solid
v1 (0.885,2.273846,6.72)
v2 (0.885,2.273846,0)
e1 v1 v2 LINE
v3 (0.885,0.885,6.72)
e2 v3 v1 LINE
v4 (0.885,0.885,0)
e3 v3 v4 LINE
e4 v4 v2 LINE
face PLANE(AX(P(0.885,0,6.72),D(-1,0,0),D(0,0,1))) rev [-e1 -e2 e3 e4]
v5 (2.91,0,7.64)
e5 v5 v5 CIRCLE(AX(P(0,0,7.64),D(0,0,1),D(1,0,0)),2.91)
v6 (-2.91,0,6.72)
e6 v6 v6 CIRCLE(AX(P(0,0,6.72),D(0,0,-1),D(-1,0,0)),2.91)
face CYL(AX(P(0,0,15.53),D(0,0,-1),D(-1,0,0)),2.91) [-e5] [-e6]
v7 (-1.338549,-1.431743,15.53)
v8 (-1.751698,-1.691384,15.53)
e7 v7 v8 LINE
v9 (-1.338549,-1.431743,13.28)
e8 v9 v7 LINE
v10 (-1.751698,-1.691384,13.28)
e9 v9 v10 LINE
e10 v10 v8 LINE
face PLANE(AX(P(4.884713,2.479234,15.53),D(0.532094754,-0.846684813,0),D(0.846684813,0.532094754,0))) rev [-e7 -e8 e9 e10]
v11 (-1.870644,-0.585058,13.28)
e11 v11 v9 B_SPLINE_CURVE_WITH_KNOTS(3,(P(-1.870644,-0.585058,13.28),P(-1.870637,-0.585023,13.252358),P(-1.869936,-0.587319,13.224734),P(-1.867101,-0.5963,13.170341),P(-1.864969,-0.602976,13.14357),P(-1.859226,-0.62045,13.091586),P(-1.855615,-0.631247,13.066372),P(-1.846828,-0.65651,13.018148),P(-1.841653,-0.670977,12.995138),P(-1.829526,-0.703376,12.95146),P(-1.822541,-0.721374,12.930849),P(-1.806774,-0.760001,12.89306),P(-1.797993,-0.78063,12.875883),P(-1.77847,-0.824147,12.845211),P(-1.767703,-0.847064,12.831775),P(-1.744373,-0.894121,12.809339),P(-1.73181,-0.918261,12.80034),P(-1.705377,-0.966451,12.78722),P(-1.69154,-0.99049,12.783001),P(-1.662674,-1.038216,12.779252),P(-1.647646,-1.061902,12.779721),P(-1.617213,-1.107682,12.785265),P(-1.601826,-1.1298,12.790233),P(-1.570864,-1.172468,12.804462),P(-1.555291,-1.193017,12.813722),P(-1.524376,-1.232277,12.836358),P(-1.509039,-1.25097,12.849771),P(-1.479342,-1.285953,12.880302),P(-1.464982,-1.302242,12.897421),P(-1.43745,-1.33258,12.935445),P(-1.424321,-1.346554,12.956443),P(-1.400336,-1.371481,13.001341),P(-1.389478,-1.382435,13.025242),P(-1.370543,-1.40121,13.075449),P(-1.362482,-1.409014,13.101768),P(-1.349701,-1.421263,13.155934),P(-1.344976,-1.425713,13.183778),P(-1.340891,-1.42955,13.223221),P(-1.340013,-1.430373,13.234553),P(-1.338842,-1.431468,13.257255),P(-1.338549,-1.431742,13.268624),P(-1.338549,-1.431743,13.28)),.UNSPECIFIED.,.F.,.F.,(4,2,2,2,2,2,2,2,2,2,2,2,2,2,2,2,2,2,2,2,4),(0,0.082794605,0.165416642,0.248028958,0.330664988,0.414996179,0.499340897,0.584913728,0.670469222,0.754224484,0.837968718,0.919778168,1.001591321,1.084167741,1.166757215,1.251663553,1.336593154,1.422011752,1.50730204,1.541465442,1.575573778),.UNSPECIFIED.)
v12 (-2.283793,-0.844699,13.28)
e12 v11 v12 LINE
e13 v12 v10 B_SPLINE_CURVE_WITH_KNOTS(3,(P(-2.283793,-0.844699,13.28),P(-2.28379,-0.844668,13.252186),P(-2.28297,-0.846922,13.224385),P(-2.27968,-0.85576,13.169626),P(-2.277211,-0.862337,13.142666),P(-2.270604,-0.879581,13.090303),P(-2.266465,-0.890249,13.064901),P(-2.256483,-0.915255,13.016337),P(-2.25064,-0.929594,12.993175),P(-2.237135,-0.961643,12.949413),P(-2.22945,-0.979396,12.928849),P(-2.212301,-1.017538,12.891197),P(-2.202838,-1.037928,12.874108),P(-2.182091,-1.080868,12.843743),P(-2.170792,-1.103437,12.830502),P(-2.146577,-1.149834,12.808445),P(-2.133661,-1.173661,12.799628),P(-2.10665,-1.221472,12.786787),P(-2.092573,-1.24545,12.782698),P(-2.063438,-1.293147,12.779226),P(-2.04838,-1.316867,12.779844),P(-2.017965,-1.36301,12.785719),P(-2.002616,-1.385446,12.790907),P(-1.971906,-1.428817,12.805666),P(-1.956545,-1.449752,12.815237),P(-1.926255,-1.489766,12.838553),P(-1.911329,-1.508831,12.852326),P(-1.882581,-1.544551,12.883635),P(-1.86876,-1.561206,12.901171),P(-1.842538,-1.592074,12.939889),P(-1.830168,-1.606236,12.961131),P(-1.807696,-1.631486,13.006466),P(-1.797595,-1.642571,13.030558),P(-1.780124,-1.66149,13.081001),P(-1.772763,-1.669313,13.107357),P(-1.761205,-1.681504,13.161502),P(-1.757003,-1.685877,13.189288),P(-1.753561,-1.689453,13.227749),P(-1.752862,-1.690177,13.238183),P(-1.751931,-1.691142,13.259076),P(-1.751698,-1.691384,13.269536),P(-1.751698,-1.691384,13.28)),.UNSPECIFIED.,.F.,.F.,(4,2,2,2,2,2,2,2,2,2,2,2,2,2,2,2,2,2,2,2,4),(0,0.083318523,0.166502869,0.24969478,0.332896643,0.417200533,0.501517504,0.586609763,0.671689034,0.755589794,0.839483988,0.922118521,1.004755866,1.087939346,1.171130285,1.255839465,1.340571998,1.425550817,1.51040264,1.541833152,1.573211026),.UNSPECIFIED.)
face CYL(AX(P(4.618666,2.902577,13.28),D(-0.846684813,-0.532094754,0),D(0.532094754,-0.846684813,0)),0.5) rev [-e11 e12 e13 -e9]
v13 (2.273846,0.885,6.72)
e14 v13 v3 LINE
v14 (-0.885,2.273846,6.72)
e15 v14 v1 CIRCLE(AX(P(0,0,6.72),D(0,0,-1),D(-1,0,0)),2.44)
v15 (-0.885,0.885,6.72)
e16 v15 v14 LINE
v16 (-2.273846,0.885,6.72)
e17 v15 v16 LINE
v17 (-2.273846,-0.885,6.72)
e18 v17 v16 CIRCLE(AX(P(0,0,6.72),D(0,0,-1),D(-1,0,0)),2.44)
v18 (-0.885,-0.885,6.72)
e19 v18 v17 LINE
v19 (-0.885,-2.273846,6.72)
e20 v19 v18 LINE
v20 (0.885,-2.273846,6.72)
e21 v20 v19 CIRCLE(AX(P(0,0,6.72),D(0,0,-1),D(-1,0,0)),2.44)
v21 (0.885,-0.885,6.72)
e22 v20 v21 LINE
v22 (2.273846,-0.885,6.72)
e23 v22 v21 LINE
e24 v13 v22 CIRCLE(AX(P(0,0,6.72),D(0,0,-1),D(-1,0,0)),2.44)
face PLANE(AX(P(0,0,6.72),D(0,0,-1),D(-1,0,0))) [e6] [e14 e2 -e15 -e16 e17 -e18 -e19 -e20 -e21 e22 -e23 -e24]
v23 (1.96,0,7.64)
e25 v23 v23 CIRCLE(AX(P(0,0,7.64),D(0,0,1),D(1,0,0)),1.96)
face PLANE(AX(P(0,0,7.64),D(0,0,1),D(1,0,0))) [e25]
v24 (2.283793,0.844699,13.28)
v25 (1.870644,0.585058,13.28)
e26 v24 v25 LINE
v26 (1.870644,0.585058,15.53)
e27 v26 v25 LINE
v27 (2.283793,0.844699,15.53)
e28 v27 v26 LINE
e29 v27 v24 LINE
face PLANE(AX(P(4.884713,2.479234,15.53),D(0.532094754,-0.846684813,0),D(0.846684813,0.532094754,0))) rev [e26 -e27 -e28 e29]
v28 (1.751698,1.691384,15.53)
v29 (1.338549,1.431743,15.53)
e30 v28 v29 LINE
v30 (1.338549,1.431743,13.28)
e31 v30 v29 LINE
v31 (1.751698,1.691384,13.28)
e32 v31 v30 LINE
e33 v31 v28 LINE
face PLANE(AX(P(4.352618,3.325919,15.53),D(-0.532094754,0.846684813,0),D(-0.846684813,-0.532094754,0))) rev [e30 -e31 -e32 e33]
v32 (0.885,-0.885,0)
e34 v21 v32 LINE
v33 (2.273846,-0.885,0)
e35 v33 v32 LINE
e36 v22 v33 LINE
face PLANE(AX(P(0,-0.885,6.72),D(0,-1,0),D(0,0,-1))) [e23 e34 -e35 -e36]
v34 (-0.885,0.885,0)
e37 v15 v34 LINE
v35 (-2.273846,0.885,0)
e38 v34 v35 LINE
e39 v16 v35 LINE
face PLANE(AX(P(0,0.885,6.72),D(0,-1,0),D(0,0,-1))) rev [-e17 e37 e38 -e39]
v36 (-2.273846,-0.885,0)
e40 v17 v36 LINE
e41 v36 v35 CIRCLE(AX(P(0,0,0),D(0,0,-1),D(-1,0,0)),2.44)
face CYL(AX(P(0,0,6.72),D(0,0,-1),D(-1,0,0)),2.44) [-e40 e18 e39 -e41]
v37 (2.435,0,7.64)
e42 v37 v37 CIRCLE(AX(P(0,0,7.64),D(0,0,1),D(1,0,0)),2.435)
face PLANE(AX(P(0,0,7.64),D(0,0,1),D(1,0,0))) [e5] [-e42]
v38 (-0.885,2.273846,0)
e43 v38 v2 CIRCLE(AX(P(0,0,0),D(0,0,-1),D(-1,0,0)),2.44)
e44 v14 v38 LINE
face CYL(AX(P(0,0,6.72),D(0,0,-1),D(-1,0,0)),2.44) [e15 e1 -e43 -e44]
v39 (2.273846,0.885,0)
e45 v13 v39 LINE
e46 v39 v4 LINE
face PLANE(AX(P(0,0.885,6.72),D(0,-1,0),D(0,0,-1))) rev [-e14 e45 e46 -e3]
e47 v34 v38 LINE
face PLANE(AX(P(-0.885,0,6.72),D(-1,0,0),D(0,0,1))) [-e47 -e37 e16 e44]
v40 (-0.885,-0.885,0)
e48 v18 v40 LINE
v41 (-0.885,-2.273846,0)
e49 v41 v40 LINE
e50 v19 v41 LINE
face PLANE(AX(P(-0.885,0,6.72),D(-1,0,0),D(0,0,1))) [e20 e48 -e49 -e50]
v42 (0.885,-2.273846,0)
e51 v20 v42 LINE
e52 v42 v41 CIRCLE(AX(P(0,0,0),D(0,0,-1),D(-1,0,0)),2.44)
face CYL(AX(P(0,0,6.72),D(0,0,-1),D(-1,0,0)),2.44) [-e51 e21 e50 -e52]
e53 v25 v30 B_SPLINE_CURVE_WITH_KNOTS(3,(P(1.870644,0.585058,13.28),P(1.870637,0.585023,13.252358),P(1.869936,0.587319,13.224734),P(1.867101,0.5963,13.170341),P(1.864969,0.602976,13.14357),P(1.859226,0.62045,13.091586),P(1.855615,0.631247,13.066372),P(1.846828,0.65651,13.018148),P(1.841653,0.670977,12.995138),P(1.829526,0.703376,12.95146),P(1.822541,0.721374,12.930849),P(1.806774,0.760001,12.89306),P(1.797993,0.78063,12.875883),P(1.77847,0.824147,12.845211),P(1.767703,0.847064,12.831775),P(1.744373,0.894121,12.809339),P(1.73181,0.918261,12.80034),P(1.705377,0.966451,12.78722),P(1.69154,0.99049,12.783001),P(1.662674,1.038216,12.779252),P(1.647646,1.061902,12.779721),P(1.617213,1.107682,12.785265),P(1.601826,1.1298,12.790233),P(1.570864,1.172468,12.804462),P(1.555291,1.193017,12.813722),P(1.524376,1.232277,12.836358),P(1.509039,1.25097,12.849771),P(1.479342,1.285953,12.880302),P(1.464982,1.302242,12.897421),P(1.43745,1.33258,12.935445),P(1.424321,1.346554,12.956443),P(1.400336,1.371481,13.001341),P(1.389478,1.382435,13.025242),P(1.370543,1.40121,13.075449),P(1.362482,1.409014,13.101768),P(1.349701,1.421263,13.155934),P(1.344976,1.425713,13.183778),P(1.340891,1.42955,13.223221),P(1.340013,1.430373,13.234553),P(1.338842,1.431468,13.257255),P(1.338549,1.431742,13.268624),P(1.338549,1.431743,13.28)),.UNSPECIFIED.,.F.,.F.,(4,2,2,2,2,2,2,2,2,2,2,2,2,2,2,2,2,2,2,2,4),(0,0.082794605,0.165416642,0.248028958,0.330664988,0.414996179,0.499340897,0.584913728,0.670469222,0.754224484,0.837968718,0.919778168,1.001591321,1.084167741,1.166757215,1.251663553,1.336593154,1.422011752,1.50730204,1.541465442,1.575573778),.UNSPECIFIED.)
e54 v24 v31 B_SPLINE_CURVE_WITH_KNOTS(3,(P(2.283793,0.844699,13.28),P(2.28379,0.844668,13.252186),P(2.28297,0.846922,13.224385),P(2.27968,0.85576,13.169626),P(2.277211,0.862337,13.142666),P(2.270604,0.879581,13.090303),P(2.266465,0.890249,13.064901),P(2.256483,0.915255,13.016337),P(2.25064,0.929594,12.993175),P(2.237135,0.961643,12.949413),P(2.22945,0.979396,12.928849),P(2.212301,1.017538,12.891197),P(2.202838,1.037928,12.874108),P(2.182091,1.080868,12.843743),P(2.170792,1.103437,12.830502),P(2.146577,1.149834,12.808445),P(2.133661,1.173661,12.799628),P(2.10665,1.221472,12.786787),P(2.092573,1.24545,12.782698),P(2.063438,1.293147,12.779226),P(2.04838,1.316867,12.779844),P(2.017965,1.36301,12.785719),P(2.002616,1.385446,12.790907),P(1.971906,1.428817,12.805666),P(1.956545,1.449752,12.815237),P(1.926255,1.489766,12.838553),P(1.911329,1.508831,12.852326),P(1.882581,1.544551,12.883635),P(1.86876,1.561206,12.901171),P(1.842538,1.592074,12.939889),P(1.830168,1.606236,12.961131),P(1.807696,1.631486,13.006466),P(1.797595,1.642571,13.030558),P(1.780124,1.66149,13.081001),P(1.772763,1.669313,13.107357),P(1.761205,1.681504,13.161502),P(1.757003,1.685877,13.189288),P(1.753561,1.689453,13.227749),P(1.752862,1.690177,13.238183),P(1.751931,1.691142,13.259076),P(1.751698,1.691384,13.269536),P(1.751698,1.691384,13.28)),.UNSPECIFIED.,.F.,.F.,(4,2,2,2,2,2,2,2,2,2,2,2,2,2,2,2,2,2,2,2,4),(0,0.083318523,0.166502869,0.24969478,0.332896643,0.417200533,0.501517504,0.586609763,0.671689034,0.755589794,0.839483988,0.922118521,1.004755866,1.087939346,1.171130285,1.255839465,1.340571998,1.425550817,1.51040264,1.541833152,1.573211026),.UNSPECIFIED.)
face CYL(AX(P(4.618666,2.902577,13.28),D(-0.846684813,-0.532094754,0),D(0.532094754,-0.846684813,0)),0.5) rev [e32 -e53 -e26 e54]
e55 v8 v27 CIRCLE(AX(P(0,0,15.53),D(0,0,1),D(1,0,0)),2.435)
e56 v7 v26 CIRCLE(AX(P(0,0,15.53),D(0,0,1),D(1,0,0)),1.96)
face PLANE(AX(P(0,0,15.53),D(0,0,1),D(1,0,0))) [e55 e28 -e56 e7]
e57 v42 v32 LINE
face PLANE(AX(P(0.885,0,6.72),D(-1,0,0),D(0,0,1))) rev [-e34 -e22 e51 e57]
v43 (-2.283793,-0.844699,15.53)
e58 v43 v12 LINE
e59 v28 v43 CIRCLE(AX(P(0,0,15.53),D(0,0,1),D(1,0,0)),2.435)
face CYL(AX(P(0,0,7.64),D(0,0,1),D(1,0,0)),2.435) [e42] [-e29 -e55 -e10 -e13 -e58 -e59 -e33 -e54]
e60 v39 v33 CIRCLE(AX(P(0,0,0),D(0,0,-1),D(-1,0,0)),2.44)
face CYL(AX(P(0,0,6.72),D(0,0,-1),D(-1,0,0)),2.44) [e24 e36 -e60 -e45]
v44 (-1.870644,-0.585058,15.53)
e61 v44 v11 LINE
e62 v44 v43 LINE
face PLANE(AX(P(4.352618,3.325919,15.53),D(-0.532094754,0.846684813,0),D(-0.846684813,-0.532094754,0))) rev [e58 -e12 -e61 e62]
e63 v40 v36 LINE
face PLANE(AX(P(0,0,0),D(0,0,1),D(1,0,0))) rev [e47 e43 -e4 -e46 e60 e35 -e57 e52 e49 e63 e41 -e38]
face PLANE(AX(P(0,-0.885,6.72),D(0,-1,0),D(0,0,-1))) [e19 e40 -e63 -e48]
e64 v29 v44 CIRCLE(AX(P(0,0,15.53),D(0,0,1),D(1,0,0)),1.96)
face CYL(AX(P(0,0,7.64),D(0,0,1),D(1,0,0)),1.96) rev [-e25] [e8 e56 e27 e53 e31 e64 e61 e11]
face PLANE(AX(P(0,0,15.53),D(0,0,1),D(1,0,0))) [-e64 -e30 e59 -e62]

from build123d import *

# Parameters (mm, degrees)
SKETCH1_R           = 2.91
BOSS_EXTRUDE1_DEPTH = 15.53
CUT_EXTRUDE2_START  = -7.89
SKETCH2_R           = 2.91
SKETCH2_R_2         = 2.435
CUT_EXTRUDE2_DEPTH  = 7.89
SKETCH4_R           = 1.96
CUT_EXTRUDE3_DEPTH  = 7.89
CUT_EXTRUDE6_DEPTH  = 7.89
SKETCH10_R          = 2.91
SKETCH10_R_2        = 2.44
CUT_EXTRUDE10_DEPTH = 6.72


with BuildPart() as part:
    # Sketch1 → Boss-Extrude1 (new body)
    with BuildSketch(Plane.XY):
        Circle(SKETCH1_R)
    extrude(amount=BOSS_EXTRUDE1_DEPTH)

    # Sketch2 → Cut-Extrude2 (cut)
    with BuildSketch(Plane.XY.offset(15.53).offset(CUT_EXTRUDE2_START)):
        Circle(SKETCH2_R)
        Circle(SKETCH2_R_2, mode=Mode.SUBTRACT)
    extrude(amount=CUT_EXTRUDE2_DEPTH, mode=Mode.SUBTRACT)

    # Sketch4 → Cut-Extrude3 (cut)
    with BuildSketch(Plane.XY.offset(15.53)):
        Circle(SKETCH4_R)
    extrude(amount=-CUT_EXTRUDE3_DEPTH, mode=Mode.SUBTRACT)

    # Sketch6 → Cut-Extrude6 (cut)
    with BuildSketch(Plane(origin=(-2.06167752, -1.295650727, 0), x_dir=(0, 0, 1), z_dir=(-0.8466848129866222, -0.5320947542100077, 0))):
        with BuildLine():
            Line((15.53, -0.5), (13.28, -0.5))
            ThreePointArc((13.28, -0.5), (12.78, 0), (13.28, 0.5))
            Line((13.28, 0.5), (15.53, 0.5))
            ThreePointArc((15.53, 0.5), (16.03, 0), (15.53, -0.5))
        make_face()
    extrude(amount=-CUT_EXTRUDE6_DEPTH, mode=Mode.SUBTRACT)

    # Sketch10 → Cut-Extrude10 (cut)
    # profile 1 of 5: a face of its own
    with BuildSketch(Plane(origin=(0, 0, 0), x_dir=(-1, 0, 0), z_dir=(0, 0, -1))):
        Circle(SKETCH10_R)
        Circle(SKETCH10_R_2, mode=Mode.SUBTRACT)
    # profile 2 of 5: a face of its own
    with BuildSketch(Plane(origin=(0, 0, 0), x_dir=(-1, 0, 0), z_dir=(0, 0, -1))):
        with BuildLine():
            Line((-2.273845861, 0.885), (-0.885, 0.885))
            Line((-0.885, 0.885), (-0.885, 2.273845861))
            ThreePointArc((-0.885, 2.273845861), (-1.725340546, 1.725340546), (-2.273845861, 0.885))
        make_face()
    # profile 3 of 5: a face of its own
    with BuildSketch(Plane(origin=(0, 0, 0), x_dir=(-1, 0, 0), z_dir=(0, 0, -1))):
        with BuildLine():
            Line((0.885, 2.273845861), (0.885, 0.885))
            Line((0.885, 0.885), (2.273845861, 0.885))
            ThreePointArc((2.273845861, 0.885), (1.725340546, 1.725340546), (0.885, 2.273845861))
        make_face()
    # profile 4 of 5: a face of its own
    with BuildSketch(Plane(origin=(0, 0, 0), x_dir=(-1, 0, 0), z_dir=(0, 0, -1))):
        with BuildLine():
            Line((0.885, -0.885), (0.885, -2.273845861))
            ThreePointArc((0.885, -2.273845861), (1.725340546, -1.725340546), (2.273845861, -0.885))
            Line((2.273845861, -0.885), (0.885, -0.885))
        make_face()
    # profile 5 of 5: a face of its own
    with BuildSketch(Plane(origin=(0, 0, 0), x_dir=(-1, 0, 0), z_dir=(0, 0, -1))):
        with BuildLine():
            ThreePointArc((-2.273845861, -0.885), (-1.725340546, -1.725340546), (-0.885, -2.273845861))
            Line((-0.885, -2.273845861), (-0.885, -0.885))
            Line((-0.885, -0.885), (-2.273845861, -0.885))
        make_face()
    extrude(amount=-CUT_EXTRUDE10_DEPTH, mode=Mode.SUBTRACT)


solid = part.part
